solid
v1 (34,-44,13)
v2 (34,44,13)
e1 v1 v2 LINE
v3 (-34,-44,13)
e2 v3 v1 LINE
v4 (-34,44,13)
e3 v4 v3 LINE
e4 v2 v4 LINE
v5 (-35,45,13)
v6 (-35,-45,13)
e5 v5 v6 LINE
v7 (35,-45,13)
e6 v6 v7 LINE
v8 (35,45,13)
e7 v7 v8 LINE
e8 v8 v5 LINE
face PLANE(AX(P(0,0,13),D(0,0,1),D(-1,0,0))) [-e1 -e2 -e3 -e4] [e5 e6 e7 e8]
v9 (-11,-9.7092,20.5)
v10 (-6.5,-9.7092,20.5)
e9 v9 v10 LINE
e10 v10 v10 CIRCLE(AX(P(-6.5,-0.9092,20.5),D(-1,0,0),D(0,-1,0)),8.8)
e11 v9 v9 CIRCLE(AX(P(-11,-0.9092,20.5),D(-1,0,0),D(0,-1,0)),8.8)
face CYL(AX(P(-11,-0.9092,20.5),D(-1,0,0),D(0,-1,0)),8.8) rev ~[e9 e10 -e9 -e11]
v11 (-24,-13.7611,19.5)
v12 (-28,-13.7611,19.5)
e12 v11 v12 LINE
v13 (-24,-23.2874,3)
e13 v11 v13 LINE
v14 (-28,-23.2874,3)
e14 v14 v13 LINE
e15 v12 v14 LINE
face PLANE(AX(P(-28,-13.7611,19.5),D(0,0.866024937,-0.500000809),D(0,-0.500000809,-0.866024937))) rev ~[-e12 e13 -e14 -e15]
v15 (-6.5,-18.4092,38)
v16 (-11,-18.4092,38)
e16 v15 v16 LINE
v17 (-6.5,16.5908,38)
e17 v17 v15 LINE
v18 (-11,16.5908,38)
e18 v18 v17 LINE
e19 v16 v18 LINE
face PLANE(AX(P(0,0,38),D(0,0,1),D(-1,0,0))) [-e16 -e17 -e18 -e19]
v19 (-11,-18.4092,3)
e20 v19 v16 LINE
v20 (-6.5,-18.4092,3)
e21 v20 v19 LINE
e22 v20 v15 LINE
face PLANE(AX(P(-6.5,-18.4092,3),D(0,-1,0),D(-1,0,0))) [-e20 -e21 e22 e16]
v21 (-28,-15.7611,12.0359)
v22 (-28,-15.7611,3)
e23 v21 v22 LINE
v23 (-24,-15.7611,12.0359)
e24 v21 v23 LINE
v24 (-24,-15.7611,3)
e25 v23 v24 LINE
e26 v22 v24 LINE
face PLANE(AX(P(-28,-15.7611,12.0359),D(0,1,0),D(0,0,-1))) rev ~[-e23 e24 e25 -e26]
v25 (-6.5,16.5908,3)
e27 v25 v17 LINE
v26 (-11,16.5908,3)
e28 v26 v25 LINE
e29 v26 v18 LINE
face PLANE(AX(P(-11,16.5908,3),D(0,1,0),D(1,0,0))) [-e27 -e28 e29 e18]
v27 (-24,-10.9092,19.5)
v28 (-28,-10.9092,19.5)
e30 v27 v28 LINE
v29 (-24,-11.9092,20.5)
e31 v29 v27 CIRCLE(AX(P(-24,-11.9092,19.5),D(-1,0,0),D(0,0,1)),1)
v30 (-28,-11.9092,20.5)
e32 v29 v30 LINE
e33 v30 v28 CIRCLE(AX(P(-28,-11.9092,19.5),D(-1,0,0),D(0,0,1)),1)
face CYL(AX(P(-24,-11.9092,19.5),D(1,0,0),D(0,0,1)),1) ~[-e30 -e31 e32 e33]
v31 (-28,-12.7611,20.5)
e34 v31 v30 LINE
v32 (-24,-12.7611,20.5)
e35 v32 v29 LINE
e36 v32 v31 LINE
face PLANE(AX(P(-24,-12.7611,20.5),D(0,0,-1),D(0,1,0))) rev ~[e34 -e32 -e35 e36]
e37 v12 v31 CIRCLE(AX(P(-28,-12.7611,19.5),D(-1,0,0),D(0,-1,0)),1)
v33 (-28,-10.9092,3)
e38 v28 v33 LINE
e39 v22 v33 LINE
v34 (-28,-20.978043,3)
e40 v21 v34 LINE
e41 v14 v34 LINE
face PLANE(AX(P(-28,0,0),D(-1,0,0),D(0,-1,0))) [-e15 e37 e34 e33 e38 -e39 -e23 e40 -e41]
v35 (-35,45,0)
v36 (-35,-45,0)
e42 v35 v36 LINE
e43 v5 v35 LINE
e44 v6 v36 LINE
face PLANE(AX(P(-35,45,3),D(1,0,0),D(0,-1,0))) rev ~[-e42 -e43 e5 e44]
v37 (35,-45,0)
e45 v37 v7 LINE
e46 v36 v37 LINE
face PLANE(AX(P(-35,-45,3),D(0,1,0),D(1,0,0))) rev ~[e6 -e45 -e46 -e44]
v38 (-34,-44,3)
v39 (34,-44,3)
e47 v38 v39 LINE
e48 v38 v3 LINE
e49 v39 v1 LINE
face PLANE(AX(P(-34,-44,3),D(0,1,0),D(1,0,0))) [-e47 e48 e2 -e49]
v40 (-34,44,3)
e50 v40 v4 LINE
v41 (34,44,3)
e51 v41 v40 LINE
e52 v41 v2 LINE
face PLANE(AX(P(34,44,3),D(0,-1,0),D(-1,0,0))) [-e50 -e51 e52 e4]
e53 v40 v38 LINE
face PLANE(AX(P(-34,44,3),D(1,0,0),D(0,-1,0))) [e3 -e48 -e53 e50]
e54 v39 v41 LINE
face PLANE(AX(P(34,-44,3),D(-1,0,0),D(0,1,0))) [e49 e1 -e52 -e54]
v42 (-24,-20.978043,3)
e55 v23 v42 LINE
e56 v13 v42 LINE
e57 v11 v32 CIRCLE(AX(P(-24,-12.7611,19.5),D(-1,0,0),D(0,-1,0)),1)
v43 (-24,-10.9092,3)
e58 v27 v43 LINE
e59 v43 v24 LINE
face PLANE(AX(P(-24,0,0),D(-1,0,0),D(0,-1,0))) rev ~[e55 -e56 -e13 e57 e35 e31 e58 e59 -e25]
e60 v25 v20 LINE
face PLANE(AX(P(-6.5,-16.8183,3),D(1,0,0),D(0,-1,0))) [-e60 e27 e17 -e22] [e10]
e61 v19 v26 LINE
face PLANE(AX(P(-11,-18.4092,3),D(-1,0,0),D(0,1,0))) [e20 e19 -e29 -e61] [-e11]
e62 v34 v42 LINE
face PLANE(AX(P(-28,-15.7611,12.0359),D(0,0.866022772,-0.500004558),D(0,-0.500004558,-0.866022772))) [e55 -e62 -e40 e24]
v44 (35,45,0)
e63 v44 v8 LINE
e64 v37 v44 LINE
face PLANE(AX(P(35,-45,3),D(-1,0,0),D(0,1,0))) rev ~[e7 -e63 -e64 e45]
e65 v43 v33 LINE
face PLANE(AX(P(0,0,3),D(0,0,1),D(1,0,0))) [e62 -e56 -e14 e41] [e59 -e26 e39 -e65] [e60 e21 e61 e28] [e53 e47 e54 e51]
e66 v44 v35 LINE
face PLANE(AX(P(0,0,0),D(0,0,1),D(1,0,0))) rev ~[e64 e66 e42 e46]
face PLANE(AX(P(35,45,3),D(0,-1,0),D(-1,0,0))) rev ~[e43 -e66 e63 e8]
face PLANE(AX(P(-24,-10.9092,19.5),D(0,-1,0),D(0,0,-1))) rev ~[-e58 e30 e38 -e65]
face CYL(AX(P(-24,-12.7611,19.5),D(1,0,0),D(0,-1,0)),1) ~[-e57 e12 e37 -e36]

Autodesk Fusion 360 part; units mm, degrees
sketch "Sketch1" plane through (0, 0, 0) normal (0, 0, 1) x (1, 0, 0)
  line L0 (35, 45) -> (-35, 45)
  line L1 (-35, 45) -> (-35, -45)
  line L2 (-35, -45) -> (35, -45)
  line L3 (35, -45) -> (35, 45)
  line L4 (35, 45) -> (-35, -45) construction
  line L5 (-35, 45) -> (35, -45) construction
  line L6 (0, 28.3109) -> (0, -26.5165) construction
  line L7 (-6.5, 15) -> (-6.5, -16.8183) construction
  dimension "d1" = 70
  dimension "d2" = 90
  dimension "d3" = 6.5
extrude "Extrude1" add sketch "Sketch1" along normal blind 3 makes body 1
sketch "Sketch2" plane through (0, 0, 3) normal (0, 0, 1) x (-1, 0, 0)
  line L0 (-35, 45) -> (-35, -45)
  line L1 (-35, -45) -> (35, -45)
  line L2 (35, -45) -> (35, 45)
  line L3 (35, 45) -> (-35, 45)
  line L4 (6.5, 18.4092) -> (11, 18.4092)
  line L5 (11, 18.4092) -> (11, -16.5908)
  line L6 (11, -16.5908) -> (6.5, -16.5908)
  line L7 (6.5, -16.5908) -> (6.5, 18.4092)
  line L8 (6.5, -15) -> (6.5, 16.8183)
  dimension "d6" = 4.5
  dimension "d7" = 35
extrude "Extrude2" add sketch "Sketch2" along normal blind 35 contours L4 L5 L6 L7 L8 bodies 1
sketch "Sketch3" plane through (0, 0, 3) normal (0, 0, 1) x (-1, 0, 0)
  line L0 (6.5, 18.4092) -> (11, 18.4092)
  line L1 (11, 18.4092) -> (11, -16.5908)
  line L2 (11, -16.5908) -> (6.5, -16.5908)
  line L3 (6.5, -16.5908) -> (6.5, 18.4092)
  line L4 (-35, 45) -> (-35, -45)
  line L5 (-35, -45) -> (35, -45)
  line L6 (35, -45) -> (35, 45)
  line L7 (35, 45) -> (-35, 45)
  line L8 (34, 44) -> (-34, 44)
  line L9 (-34, 44) -> (-34, -44)
  line L10 (-34, -44) -> (34, -44)
  line L11 (34, -44) -> (34, 44)
  line L12 (34, 44) -> (-34, -44) construction
  line L13 (-34, 44) -> (34, -44) construction
  dimension "d10" = 68
  dimension "d11" = 88
extrude "Extrude3" add sketch "Sketch3" along normal blind 10 contours L4 L5 L6 L7 bodies 1
sketch "Sketch4" plane through (-11, 0, 0) normal (-1, 0, 0) x (0, -1, 0)
  line L0 (-16.5908, 3) -> (18.4092, 3)
  line L1 (18.4092, 3) -> (18.4092, 38)
  line L2 (18.4092, 38) -> (-16.5908, 38)
  line L3 (-16.5908, 38) -> (-16.5908, 3)
  circle A0 centre (0.9092, 20.5) radius 8.8
  line L4 (-16.5908, 3) -> (-16.5908, 38)
  line L5 (-16.5908, 38) -> (18.4092, 38)
  line L6 (18.4092, 3) -> (18.4092, 38)
  line L7 (18.4092, 3) -> (-16.5908, 3)
  line L8 (-16.5908, 38) -> (18.4092, 3) construction
  line L9 (10.9092, 3) -> (13.7611, 3)
  line L10 (13.7611, 3) -> (13.7611, 19.5)
  line L11 (12.7611, 20.5) -> (11.9092, 20.5)
  line L12 (10.9092, 19.5) -> (10.9092, 3)
  line L13 (-5.4652, 20.5) -> (30.4752, 20.5) construction
  arc A1 (11.9092, 20.5) -> (10.9092, 19.5) centre (11.9092, 19.5) ccw
  arc A2 (13.7611, 19.5) -> (12.7611, 20.5) centre (12.7611, 19.5) ccw
  dimension "d14" = 17.6
  dimension "d15" = 10
  dimension "d16" = 1
extrude "Extrude4" add sketch "Sketch4" along normal blind 4 separate body contours L0 L7 L9 L10 L11 L12 A1 A2 makes body 2
move_body "Move1" bodies 2 to x (1, 0, 0) y (0, 1, 0) z (0, 0, 1) at (-13, 0, 0)
sketch "Sketch5" plane through (-28, 0, 0) normal (-1, 0, 0) x (0, -1, 0)
  arc A0 (13.7611, 19.5) -> (12.7611, 20.5) centre (12.7611, 19.5) ccw
  line L0 (12.7611, 20.5) -> (11.9092, 20.5)
  arc A1 (11.9092, 20.5) -> (10.9092, 19.5) centre (11.9092, 19.5) ccw
  line L1 (10.9092, 19.5) -> (10.9092, 3)
  line L2 (10.9092, 3) -> (13.7611, 3)
  line L3 (13.7611, 3) -> (13.7611, 19.5)
  line L4 (13.7611, 19.5) -> (23.2874, 3)
  line L5 (13.7611, 19.5) -> (32.9491, 19.5) construction
  line L6 (23.2874, 3) -> (10.9092, 3)
  line L7 (13.7611, 19.5) -> (13.7611, 3)
  line L8 (15.7611, 12.0359) -> (21.5554, 2)
  line L9 (15.7611, 12.0359) -> (15.7611, 3)
  dimension "d19" = 60
  dimension "d20" = -2
extrude "Extrude5" add sketch "Sketch5" against normal blind 4 contours L3 L4 L6 L7 L8 L9 bodies 1 2
extrude "Extrude6" cut sketch "Sketch4" against normal blind 6 contours A0 bodies 1
